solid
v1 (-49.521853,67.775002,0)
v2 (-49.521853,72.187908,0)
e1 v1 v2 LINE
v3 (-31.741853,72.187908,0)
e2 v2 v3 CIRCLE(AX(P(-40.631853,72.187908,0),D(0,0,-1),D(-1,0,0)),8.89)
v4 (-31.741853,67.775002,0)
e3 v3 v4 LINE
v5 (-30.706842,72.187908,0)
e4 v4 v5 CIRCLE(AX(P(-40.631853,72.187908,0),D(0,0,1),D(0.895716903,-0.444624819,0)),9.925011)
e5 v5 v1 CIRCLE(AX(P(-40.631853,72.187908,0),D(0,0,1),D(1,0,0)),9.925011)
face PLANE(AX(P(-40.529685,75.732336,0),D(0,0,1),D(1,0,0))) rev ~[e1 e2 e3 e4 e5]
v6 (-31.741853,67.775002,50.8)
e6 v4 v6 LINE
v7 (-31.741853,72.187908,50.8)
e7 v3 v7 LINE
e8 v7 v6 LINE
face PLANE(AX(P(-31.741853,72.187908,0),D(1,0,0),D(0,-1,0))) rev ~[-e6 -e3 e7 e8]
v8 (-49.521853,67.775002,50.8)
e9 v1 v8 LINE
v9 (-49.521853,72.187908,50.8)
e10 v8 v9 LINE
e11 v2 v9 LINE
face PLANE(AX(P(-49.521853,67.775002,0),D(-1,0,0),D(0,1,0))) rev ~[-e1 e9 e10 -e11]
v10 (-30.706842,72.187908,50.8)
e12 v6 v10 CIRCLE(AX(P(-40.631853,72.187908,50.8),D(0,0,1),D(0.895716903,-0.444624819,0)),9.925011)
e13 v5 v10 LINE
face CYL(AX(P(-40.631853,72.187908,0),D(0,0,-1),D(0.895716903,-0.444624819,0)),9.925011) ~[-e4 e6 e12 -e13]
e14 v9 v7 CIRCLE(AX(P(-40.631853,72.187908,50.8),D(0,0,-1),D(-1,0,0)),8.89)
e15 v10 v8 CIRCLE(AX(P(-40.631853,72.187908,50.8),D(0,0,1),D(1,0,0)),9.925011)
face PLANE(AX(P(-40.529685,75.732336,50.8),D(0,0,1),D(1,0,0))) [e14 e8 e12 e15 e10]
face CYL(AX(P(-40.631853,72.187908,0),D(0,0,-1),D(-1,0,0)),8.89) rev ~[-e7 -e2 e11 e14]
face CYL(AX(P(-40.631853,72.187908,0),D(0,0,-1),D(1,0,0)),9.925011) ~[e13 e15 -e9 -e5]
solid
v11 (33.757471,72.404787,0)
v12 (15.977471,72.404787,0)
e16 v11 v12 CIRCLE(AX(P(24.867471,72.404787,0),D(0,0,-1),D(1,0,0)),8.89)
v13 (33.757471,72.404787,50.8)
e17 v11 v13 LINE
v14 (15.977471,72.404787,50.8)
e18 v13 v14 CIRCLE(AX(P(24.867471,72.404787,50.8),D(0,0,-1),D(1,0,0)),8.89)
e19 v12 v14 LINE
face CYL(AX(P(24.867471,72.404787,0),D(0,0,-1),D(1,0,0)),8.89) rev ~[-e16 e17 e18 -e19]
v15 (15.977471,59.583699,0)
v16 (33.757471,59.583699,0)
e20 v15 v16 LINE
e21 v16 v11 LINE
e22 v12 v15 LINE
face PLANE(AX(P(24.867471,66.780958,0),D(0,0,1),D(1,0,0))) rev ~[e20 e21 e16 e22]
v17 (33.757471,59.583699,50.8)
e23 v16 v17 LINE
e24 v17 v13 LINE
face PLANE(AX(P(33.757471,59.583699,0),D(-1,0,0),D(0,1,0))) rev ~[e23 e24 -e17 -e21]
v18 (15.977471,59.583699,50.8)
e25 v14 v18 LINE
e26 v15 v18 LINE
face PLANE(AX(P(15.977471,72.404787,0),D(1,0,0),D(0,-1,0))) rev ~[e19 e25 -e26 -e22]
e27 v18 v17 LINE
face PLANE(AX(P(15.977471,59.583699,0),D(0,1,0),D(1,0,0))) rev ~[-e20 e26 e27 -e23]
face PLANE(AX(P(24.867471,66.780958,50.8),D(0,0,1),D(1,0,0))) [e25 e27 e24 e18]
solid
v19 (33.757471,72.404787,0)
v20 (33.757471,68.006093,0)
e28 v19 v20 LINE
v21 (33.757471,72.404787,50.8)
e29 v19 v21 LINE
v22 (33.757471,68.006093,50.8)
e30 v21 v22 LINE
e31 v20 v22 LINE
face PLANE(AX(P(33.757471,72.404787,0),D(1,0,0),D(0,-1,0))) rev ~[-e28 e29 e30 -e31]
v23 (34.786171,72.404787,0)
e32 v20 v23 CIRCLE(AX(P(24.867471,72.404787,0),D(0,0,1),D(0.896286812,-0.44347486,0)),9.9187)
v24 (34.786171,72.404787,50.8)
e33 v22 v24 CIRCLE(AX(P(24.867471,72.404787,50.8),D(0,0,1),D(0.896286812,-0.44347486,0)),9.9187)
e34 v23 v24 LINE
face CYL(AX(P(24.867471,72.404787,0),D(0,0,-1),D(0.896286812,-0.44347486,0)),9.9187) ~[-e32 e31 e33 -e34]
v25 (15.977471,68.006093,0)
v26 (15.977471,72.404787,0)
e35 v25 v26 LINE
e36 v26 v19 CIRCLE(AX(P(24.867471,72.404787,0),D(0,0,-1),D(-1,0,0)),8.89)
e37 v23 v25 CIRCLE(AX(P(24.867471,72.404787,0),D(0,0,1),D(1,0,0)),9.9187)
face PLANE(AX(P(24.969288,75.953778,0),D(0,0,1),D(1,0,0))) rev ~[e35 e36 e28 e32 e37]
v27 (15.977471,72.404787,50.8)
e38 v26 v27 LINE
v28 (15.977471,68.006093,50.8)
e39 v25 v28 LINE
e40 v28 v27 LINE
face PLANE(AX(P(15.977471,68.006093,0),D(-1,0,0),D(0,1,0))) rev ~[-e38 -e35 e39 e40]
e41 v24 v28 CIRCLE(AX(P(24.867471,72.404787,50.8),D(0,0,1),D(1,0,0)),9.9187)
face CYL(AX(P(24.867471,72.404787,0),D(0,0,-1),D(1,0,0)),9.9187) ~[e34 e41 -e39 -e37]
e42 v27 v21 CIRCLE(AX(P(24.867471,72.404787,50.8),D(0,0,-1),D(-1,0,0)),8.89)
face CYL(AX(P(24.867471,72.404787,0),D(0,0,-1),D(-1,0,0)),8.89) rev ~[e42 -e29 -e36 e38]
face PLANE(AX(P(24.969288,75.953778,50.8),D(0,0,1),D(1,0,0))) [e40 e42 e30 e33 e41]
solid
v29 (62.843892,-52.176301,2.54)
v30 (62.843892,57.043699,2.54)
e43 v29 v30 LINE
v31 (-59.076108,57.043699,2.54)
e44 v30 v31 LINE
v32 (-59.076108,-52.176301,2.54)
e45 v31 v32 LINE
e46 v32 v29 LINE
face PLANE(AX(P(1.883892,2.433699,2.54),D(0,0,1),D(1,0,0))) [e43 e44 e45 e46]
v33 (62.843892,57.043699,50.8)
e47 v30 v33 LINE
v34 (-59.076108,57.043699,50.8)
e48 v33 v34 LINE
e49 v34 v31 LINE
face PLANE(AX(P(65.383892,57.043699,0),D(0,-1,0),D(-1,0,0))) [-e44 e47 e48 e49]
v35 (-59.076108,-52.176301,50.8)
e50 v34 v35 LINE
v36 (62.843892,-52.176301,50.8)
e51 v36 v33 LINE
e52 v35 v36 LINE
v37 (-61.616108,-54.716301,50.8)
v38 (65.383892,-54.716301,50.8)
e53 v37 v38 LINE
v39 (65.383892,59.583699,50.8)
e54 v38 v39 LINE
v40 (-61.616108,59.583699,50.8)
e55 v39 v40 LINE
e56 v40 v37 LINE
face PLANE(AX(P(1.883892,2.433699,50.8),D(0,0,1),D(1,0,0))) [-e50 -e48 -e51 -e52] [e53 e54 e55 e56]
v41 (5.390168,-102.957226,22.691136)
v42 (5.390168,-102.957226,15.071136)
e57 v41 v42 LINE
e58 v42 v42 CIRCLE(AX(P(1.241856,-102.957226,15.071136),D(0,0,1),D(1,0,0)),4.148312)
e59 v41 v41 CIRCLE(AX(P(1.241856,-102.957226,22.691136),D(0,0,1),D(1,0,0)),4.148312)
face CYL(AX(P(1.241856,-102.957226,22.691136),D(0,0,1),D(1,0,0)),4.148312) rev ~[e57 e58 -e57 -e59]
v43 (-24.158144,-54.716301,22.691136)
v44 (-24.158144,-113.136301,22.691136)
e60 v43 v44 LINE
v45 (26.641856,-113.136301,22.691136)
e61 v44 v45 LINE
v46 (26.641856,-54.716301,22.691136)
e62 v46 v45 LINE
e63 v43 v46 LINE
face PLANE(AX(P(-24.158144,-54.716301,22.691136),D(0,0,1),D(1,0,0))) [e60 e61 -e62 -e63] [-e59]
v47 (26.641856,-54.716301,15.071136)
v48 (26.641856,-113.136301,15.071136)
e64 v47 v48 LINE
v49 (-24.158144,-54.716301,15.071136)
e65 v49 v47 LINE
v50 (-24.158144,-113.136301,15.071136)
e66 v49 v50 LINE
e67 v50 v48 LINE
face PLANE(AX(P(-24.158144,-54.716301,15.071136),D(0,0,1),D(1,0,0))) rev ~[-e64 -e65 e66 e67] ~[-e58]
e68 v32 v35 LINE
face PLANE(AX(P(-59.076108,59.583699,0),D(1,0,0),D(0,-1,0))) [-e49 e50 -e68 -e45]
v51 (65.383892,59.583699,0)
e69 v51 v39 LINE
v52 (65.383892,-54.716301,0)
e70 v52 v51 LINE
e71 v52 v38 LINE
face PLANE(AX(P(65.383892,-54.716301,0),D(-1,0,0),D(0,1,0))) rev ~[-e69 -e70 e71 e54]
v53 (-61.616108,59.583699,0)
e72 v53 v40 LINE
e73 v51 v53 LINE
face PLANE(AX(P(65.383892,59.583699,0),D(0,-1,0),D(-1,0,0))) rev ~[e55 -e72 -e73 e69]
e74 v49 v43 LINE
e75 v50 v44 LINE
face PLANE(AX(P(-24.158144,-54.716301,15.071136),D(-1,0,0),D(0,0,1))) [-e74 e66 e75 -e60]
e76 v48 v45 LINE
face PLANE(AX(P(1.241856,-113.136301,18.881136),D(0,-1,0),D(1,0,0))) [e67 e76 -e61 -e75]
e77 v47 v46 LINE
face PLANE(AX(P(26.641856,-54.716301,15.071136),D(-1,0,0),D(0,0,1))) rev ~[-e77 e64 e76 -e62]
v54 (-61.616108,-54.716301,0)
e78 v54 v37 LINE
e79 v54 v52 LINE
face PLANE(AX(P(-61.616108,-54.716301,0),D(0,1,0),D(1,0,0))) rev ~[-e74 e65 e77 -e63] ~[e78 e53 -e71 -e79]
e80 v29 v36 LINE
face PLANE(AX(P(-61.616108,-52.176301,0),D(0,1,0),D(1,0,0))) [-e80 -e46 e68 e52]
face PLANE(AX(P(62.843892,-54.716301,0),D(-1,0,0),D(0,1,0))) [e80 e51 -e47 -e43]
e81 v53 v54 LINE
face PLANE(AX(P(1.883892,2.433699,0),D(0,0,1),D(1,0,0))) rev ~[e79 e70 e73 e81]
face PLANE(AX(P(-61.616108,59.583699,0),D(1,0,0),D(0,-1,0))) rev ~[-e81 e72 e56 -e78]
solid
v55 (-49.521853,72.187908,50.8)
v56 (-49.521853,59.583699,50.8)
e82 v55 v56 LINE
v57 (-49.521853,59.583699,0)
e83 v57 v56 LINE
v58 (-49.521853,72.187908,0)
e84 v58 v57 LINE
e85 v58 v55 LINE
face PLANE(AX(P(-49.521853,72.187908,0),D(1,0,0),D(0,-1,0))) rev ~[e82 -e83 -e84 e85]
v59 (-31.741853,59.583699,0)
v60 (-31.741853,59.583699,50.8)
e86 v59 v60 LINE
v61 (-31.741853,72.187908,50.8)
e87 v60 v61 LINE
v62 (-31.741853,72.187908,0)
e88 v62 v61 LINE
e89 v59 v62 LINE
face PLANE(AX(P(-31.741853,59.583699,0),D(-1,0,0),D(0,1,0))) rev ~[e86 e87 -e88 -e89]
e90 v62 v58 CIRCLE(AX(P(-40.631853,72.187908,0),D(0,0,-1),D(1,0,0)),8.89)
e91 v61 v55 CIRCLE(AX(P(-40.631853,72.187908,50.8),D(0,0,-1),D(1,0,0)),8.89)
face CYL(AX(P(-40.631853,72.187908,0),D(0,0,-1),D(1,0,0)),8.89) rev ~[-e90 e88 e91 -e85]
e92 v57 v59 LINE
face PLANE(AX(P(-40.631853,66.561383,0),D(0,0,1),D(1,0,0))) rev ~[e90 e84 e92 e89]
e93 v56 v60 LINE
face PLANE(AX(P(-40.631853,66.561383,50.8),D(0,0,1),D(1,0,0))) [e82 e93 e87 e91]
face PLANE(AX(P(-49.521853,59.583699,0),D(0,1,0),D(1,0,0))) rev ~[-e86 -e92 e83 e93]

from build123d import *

# Parameters (mm, degrees)
F1_DEPTH = 50.8
F2_DEPTH = 50.8
F3_DEPTH = 50.8
F4_T     = -2.54
F5_W     = 50.8
F5_H     = 7.62
F6_DEPTH = 58.42
F7_R     = 4.1483124282
F8_DEPTH = 25.4


with BuildPart() as f1:
    # F0 (on Top) → F1 (new body)
    with BuildSketch(Plane.XY):
        Polygon((-61.6161076576, 59.5836986993), (-61.6161076576, -54.7163013007), (65.3838923424, -54.7163013007), (65.3838923424, 59.5836986993), (33.7574713075, 59.5836986993), (15.9774713075, 59.5836986993), (-31.741853044, 59.5836986993), (-49.521853044, 59.5836986993), align=None)
    extrude(amount=F1_DEPTH)

    # F4
    f4_openings = [f1.faces().sort_by_distance(p)[0] for p in [
        (1.883892, 2.433699, 50.8),
    ]]
    offset(amount=F4_T, openings=f4_openings)

    # F5 (on face) → F6 (join)
    with BuildSketch(Plane.XZ.offset(54.7163013007)):
        with Locations((1.2418556303, 18.8811359456)):
            Rectangle(F5_W, F5_H)
    extrude(amount=F6_DEPTH)

    # F7 (on face) → F8 (cut)
    with BuildSketch(Plane.XY.offset(22.6911359456)):
        with Locations((1.2418556303, -102.957226336)):
            Circle(F7_R)
    extrude(amount=-F8_DEPTH, mode=Mode.SUBTRACT)


with BuildPart() as f2:
    # F0 (on Top) → F2 (new body)
    with BuildSketch(Plane.XY):
        with BuildLine():
            Line((-49.521853044, 72.1879079938), (-49.521853044, 67.7750018362))
            ThreePointArc((-49.521853044, 67.7750018362), (-40.631853044, 62.2628971245), (-31.741853044, 67.7750018362))
            Line((-31.741853044, 67.7750018362), (-31.741853044, 72.1879079938))
            ThreePointArc((-31.741853044, 72.1879079938), (-40.631853044, 63.2979079938), (-49.521853044, 72.1879079938))
        make_face()
        with BuildLine():
            Line((-49.521853044, 67.7750018362), (-49.521853044, 59.5836986993))
            Line((-49.521853044, 59.5836986993), (-31.741853044, 59.5836986993))
            Line((-31.741853044, 59.5836986993), (-31.741853044, 67.7750018362))
            ThreePointArc((-31.741853044, 67.7750018362), (-40.631853044, 62.2628971245), (-49.521853044, 67.7750018362))
        make_face()
    extrude(amount=F2_DEPTH)


with BuildPart() as f2b:
    # F0 (on Top) → F2, piece 2 (new body)
    with BuildSketch(Plane.XY):
        with BuildLine():
            ThreePointArc((15.9774713075, 68.0060928552), (24.8674713075, 62.4860869444), (33.7574713075, 68.0060928552))
            Line((33.7574713075, 68.0060928552), (33.7574713075, 72.4047869444))
            ThreePointArc((33.7574713075, 72.4047869444), (24.8674713075, 63.5147869444), (15.9774713075, 72.4047869444))
            Line((15.9774713075, 72.4047869444), (15.9774713075, 68.0060928552))
        make_face()
        with BuildLine():
            Line((15.9774713075, 59.5836986993), (33.7574713075, 59.5836986993))
            Line((33.7574713075, 59.5836986993), (33.7574713075, 68.0060928552))
            ThreePointArc((33.7574713075, 68.0060928552), (24.8674713075, 62.4860869444), (15.9774713075, 68.0060928552))
            Line((15.9774713075, 68.0060928552), (15.9774713075, 59.5836986993))
        make_face()
    extrude(amount=F2_DEPTH)


with BuildPart() as f3:
    # F0 (on Top) → F3 (new body)
    with BuildSketch(Plane.XY):
        with BuildLine():
            ThreePointArc((-30.7068421747, 72.1879079938), (-42.8981820281, 81.8507022942), (-49.521853044, 67.7750018362))
            Line((-49.521853044, 67.7750018362), (-49.521853044, 72.1879079938))
            ThreePointArc((-49.521853044, 72.1879079938), (-40.631853044, 81.0779079938), (-31.741853044, 72.1879079938))
            Line((-31.741853044, 72.1879079938), (-31.741853044, 67.7750018362))
            ThreePointArc((-31.741853044, 67.7750018362), (-30.9690587436, 69.9215790098), (-30.7068421747, 72.1879079938))
        make_face()
    extrude(amount=F3_DEPTH)


with BuildPart() as f3b:
    # F0 (on Top) → F3, piece 2 (new body)
    with BuildSketch(Plane.XY):
        with BuildLine():
            Line((33.7574713075, 72.4047869444), (33.7574713075, 68.0060928552))
            ThreePointArc((33.7574713075, 68.0060928552), (34.5255728987, 70.1460963182), (34.7861713075, 72.4047869444))
            ThreePointArc((34.7861713075, 72.4047869444), (22.6087806813, 82.0628885355), (15.9774713075, 68.0060928552))
            Line((15.9774713075, 68.0060928552), (15.9774713075, 72.4047869444))
            ThreePointArc((15.9774713075, 72.4047869444), (24.8674713075, 81.2947869444), (33.7574713075, 72.4047869444))
        make_face()
    extrude(amount=F3_DEPTH)


solid = Compound([f1.part, f2.part, f2b.part, f3.part, f3b.part])
